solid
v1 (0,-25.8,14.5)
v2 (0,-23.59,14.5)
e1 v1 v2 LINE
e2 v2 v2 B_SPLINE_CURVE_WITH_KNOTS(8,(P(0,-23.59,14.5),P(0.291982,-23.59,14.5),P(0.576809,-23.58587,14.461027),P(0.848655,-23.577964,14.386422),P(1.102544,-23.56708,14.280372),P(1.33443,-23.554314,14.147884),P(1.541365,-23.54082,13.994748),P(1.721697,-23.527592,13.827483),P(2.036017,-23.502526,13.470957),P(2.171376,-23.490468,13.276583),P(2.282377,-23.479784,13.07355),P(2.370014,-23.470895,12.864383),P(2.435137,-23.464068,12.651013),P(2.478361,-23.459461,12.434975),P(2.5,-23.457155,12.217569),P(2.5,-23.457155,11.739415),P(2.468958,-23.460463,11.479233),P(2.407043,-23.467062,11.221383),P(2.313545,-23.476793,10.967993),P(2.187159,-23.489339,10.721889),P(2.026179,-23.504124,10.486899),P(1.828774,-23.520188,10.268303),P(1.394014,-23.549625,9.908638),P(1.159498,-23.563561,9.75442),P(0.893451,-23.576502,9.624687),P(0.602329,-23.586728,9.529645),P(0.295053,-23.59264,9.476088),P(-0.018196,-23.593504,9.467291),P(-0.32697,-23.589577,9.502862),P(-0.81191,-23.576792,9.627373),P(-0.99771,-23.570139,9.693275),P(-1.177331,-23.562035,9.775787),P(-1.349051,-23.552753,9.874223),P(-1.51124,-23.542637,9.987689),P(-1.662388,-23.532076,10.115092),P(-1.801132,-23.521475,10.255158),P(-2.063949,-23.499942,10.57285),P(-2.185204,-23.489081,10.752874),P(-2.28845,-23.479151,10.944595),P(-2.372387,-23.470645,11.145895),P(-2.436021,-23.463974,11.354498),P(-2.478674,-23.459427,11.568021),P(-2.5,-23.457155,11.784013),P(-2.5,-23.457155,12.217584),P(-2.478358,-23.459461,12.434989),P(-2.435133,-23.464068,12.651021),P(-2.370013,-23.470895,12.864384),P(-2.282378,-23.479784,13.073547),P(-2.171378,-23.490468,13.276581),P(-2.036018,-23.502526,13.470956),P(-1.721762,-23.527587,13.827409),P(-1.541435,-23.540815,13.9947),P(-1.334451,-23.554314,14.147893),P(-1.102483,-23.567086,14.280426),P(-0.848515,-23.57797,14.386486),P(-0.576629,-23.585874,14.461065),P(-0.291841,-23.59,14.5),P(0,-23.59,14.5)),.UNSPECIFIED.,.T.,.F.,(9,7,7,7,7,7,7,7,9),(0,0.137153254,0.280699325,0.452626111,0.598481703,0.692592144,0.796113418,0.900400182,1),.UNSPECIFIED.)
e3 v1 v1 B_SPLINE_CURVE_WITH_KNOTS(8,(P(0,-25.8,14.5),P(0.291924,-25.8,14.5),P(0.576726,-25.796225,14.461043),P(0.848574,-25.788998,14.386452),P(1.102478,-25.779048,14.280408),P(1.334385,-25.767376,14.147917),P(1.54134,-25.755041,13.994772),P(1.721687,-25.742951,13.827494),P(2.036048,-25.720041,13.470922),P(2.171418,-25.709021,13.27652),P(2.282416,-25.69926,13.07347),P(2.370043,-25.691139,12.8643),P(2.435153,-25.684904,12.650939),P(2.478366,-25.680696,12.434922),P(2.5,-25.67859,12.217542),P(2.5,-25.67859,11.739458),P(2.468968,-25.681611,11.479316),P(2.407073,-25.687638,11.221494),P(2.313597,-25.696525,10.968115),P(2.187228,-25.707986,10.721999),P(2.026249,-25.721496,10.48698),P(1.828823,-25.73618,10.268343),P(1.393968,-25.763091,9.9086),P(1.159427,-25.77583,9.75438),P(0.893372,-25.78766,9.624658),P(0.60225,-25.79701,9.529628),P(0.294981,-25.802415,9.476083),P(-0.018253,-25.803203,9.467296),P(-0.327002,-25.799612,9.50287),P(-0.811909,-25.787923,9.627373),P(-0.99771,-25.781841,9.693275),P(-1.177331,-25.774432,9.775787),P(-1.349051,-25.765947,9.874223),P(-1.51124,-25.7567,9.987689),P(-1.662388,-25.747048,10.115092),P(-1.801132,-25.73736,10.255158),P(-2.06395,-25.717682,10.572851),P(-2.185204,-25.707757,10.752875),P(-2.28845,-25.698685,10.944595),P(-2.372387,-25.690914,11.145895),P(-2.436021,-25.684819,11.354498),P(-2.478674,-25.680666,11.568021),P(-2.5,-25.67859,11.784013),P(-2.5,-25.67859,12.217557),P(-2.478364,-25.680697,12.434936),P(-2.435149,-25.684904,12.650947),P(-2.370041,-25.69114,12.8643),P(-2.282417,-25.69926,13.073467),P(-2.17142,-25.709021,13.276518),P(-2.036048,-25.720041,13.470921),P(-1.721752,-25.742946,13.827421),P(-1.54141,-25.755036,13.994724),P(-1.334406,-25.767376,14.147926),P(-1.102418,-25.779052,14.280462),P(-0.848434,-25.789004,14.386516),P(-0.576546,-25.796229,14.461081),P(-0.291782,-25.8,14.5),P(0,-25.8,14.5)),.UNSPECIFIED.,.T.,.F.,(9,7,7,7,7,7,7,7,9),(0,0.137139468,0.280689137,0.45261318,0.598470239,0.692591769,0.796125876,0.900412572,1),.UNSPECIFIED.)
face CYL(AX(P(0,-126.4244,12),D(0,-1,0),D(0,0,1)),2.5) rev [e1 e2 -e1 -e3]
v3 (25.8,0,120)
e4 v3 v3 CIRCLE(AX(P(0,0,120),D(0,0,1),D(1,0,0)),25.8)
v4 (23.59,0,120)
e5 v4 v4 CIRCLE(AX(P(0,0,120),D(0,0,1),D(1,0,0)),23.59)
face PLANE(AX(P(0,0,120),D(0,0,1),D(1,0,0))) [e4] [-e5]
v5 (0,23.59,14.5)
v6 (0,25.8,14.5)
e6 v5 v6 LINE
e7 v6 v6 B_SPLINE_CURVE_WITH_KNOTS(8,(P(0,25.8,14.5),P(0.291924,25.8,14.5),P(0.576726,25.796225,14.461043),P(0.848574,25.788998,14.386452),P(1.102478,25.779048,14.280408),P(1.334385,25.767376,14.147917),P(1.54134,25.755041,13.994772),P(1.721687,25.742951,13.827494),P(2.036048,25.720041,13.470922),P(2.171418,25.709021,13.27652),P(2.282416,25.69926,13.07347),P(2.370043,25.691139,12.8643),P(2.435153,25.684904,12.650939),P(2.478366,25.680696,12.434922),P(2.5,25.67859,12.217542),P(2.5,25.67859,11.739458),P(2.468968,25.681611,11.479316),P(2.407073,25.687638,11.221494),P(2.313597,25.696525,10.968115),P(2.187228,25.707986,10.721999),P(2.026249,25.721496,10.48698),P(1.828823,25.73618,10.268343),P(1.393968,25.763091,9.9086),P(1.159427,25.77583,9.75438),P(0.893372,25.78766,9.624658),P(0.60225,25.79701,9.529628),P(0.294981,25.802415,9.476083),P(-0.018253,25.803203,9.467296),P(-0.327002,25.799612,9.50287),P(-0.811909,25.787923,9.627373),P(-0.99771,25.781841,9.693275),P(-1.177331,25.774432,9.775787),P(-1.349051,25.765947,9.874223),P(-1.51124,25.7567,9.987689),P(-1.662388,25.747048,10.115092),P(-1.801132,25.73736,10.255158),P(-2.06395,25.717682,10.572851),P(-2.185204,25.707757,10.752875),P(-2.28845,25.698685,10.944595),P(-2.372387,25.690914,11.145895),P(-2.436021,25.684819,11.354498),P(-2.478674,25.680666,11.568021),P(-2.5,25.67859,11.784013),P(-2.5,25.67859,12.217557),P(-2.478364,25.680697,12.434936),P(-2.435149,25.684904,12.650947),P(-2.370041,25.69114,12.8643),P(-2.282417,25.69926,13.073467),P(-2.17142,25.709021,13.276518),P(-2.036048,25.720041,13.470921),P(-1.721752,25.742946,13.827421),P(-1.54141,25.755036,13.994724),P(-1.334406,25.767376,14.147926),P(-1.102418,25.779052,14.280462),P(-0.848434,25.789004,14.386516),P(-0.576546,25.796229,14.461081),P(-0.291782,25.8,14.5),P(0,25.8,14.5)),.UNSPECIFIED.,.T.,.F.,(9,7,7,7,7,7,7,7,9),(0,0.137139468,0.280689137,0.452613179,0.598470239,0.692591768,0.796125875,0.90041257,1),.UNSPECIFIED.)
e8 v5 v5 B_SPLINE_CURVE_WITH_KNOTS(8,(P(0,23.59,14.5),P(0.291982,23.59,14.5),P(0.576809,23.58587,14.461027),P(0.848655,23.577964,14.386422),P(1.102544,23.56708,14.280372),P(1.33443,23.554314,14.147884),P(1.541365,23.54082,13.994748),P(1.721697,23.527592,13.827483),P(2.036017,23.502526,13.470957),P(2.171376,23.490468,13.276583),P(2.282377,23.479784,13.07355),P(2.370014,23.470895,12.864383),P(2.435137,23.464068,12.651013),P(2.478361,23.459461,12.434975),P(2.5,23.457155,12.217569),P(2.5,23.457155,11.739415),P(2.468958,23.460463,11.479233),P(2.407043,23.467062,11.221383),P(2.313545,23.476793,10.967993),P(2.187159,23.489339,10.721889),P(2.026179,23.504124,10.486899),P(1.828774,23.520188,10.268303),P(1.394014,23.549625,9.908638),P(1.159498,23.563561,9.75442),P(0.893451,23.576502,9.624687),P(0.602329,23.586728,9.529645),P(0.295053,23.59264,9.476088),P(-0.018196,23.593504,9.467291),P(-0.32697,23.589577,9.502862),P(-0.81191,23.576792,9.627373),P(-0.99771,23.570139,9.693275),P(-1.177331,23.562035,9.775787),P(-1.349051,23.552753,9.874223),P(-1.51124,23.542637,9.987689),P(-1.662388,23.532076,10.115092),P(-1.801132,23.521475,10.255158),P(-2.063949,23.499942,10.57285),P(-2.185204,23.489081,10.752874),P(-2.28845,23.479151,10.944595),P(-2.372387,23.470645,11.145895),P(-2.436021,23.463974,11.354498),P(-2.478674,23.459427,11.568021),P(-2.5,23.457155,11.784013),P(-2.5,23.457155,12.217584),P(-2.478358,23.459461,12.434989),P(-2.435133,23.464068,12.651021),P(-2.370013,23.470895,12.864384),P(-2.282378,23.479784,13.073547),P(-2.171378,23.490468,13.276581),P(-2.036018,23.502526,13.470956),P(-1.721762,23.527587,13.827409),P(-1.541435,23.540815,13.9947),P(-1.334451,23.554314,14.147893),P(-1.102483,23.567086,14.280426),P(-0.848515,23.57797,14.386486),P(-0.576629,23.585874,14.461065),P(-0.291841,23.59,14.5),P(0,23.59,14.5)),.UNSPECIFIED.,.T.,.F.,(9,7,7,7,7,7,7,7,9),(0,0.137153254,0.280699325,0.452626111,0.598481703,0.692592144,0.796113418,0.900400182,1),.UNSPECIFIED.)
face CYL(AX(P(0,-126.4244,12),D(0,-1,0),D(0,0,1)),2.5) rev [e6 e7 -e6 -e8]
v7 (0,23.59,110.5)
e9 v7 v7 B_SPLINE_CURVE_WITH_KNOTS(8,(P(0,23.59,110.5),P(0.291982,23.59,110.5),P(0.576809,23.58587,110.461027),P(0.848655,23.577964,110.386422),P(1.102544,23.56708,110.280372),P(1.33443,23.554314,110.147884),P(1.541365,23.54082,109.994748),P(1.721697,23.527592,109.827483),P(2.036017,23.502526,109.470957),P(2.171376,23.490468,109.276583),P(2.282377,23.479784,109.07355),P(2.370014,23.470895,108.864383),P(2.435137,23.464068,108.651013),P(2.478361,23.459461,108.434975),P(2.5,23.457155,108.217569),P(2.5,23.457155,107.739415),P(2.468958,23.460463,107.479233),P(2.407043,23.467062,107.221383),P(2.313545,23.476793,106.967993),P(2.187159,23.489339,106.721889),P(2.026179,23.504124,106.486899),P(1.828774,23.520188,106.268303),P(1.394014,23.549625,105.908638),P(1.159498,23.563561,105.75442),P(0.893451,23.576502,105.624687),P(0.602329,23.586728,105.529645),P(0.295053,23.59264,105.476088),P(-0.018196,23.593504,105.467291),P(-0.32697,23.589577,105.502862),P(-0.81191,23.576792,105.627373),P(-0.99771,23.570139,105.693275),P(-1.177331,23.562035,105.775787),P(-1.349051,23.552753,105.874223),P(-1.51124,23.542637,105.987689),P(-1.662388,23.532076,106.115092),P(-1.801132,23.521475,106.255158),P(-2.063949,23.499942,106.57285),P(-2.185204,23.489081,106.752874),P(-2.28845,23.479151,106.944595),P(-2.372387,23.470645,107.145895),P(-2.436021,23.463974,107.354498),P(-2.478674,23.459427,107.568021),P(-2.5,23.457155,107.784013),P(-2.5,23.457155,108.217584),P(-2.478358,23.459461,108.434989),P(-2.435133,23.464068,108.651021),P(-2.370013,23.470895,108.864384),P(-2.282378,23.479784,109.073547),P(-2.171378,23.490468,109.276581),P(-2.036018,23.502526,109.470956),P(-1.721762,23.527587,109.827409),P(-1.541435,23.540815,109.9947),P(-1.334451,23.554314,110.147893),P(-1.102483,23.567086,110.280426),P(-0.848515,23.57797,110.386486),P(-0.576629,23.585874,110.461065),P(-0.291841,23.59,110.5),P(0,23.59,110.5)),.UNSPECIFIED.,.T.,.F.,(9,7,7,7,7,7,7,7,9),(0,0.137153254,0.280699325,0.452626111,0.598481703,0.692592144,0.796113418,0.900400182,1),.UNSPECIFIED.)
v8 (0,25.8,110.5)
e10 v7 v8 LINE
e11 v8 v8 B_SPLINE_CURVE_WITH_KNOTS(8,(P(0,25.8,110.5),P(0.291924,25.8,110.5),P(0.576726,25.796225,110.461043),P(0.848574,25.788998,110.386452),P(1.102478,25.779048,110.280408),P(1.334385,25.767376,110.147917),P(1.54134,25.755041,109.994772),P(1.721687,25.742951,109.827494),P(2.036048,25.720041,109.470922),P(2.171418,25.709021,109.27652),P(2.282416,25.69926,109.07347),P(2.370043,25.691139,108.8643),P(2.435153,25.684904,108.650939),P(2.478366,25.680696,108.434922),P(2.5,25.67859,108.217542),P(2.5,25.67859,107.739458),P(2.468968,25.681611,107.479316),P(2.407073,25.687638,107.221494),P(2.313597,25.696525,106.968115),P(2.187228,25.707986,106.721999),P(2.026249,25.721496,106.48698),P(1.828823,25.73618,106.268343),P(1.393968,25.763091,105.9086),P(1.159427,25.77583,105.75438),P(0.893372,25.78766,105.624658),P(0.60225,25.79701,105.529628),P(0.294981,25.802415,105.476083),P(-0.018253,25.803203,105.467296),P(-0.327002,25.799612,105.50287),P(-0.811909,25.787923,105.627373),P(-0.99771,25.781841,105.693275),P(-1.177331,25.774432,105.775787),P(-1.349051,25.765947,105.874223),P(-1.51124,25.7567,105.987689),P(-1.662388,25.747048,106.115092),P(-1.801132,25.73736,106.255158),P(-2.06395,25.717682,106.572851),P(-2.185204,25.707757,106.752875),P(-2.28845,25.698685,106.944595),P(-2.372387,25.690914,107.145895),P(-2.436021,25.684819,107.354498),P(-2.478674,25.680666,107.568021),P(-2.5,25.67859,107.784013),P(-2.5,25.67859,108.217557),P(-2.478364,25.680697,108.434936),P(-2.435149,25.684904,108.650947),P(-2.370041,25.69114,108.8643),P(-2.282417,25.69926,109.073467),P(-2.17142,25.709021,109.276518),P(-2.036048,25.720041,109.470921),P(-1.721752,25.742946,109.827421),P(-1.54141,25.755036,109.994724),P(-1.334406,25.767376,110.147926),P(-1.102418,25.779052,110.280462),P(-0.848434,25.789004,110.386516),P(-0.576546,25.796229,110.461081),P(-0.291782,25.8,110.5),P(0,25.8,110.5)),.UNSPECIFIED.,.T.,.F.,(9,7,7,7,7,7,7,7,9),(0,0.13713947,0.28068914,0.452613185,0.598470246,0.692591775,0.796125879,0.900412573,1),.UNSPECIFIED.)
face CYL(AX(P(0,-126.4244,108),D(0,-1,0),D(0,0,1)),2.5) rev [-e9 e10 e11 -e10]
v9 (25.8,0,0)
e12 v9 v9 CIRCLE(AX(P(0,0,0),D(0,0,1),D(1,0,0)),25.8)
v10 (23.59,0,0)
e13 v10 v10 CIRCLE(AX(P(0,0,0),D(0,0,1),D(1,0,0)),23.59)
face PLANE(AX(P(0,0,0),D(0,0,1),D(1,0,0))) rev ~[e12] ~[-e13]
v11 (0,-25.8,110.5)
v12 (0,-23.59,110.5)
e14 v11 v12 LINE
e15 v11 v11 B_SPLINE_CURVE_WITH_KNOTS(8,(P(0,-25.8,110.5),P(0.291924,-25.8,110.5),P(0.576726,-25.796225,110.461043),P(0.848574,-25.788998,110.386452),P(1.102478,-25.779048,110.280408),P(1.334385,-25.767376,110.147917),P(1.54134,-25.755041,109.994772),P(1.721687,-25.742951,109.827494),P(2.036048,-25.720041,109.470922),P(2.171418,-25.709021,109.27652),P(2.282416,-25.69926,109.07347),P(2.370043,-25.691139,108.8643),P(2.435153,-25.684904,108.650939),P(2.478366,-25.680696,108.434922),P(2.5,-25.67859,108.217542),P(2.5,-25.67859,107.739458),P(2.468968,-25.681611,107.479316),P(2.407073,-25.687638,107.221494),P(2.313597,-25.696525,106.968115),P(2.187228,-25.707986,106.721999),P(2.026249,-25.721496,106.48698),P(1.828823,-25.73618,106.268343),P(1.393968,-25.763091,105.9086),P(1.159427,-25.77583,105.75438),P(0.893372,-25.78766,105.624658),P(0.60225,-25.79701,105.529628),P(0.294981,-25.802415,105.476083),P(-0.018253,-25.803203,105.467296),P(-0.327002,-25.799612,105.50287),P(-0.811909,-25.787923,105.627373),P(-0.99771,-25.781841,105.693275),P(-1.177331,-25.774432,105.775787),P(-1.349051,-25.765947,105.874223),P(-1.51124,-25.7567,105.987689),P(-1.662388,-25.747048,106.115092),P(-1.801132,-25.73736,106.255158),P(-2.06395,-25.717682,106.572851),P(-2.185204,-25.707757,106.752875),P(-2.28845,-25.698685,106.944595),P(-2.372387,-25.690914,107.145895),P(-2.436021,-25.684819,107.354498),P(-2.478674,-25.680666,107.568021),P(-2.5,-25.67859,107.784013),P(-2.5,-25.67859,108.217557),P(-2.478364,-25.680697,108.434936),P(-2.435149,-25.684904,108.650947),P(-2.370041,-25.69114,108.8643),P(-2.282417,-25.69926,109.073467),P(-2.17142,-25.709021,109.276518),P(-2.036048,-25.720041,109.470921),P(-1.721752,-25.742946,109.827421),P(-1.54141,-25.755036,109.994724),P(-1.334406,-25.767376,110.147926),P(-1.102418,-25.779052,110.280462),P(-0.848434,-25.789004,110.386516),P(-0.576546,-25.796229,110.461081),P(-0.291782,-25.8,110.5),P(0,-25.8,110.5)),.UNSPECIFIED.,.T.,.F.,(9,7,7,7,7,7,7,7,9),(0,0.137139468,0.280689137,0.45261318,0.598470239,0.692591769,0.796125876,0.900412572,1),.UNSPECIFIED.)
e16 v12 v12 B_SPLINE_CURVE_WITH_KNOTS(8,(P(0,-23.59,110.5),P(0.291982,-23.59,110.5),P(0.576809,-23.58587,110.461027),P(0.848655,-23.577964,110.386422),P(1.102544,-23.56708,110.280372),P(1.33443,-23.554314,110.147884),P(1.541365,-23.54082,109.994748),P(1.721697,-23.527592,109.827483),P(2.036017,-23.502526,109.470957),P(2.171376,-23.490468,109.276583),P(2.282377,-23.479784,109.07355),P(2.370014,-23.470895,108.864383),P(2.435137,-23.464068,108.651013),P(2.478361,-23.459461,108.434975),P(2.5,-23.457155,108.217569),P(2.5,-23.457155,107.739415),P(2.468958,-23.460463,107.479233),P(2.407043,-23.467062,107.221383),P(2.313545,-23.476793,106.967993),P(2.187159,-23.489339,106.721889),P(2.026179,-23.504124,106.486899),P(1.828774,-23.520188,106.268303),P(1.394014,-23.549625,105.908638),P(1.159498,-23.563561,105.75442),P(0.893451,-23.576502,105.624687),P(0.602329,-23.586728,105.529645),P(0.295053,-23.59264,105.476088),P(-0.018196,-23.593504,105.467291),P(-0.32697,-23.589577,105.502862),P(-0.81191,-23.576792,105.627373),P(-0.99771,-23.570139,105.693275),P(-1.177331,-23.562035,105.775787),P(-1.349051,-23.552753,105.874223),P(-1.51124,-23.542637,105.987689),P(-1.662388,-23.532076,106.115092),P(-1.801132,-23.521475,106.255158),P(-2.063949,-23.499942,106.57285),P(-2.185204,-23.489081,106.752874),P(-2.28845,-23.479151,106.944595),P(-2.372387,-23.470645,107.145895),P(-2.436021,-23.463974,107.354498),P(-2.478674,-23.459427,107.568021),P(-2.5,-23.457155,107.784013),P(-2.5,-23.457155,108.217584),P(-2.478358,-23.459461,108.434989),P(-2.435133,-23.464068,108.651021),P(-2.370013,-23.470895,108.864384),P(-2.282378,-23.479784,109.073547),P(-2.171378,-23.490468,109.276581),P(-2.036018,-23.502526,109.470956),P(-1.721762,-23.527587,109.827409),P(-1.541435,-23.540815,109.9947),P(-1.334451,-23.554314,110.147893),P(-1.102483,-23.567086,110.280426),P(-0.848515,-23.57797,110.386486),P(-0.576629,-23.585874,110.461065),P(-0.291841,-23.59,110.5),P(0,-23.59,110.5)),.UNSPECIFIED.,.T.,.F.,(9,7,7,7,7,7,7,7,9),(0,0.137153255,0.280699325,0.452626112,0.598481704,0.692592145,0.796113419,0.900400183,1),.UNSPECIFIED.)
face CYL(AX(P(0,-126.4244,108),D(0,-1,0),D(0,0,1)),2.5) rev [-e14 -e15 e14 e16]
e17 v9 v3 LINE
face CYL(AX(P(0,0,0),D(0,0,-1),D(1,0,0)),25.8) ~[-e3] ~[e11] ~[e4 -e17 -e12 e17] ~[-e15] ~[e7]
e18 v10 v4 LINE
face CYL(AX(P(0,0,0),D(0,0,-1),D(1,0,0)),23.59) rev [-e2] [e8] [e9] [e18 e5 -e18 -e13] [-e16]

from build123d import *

# Parameters (mm, degrees)
ESBO_O2_R                = 25.8
ESBO_O2_R_2              = 23.59
RESSALTO_EXTRUS_O1_DEPTH = 120
CUT_EXTRUDE1_DEPTH       = 126.42439954
CUT_EXTRUDE1_DEPTH_BACK  = 126.42439954
SKETCH1_R                = 2.5


with BuildPart() as part:
    # Esboço2 → Ressalto-extrusão1 (new body)
    with BuildSketch(Plane.XY):
        Circle(ESBO_O2_R)
        Circle(ESBO_O2_R_2, mode=Mode.SUBTRACT)
    extrude(amount=RESSALTO_EXTRUS_O1_DEPTH)

    # Sketch1 → Cut-Extrude1 (cut, two sides: drawn at the far end of the back side and taken through both)
    with BuildSketch(Plane(origin=(0, 0, 0), x_dir=(1, 0, 0), z_dir=(0, 1, 0)).offset(-CUT_EXTRUDE1_DEPTH_BACK)):
        with Locations(Location((0, -108, 0), (0, 0, 270))):
            Circle(SKETCH1_R)
        with Locations(Location((0, -12, 0), (0, 0, 270))):
            Circle(SKETCH1_R)
    extrude(amount=CUT_EXTRUDE1_DEPTH + CUT_EXTRUDE1_DEPTH_BACK, mode=Mode.SUBTRACT)


solid = part.part
